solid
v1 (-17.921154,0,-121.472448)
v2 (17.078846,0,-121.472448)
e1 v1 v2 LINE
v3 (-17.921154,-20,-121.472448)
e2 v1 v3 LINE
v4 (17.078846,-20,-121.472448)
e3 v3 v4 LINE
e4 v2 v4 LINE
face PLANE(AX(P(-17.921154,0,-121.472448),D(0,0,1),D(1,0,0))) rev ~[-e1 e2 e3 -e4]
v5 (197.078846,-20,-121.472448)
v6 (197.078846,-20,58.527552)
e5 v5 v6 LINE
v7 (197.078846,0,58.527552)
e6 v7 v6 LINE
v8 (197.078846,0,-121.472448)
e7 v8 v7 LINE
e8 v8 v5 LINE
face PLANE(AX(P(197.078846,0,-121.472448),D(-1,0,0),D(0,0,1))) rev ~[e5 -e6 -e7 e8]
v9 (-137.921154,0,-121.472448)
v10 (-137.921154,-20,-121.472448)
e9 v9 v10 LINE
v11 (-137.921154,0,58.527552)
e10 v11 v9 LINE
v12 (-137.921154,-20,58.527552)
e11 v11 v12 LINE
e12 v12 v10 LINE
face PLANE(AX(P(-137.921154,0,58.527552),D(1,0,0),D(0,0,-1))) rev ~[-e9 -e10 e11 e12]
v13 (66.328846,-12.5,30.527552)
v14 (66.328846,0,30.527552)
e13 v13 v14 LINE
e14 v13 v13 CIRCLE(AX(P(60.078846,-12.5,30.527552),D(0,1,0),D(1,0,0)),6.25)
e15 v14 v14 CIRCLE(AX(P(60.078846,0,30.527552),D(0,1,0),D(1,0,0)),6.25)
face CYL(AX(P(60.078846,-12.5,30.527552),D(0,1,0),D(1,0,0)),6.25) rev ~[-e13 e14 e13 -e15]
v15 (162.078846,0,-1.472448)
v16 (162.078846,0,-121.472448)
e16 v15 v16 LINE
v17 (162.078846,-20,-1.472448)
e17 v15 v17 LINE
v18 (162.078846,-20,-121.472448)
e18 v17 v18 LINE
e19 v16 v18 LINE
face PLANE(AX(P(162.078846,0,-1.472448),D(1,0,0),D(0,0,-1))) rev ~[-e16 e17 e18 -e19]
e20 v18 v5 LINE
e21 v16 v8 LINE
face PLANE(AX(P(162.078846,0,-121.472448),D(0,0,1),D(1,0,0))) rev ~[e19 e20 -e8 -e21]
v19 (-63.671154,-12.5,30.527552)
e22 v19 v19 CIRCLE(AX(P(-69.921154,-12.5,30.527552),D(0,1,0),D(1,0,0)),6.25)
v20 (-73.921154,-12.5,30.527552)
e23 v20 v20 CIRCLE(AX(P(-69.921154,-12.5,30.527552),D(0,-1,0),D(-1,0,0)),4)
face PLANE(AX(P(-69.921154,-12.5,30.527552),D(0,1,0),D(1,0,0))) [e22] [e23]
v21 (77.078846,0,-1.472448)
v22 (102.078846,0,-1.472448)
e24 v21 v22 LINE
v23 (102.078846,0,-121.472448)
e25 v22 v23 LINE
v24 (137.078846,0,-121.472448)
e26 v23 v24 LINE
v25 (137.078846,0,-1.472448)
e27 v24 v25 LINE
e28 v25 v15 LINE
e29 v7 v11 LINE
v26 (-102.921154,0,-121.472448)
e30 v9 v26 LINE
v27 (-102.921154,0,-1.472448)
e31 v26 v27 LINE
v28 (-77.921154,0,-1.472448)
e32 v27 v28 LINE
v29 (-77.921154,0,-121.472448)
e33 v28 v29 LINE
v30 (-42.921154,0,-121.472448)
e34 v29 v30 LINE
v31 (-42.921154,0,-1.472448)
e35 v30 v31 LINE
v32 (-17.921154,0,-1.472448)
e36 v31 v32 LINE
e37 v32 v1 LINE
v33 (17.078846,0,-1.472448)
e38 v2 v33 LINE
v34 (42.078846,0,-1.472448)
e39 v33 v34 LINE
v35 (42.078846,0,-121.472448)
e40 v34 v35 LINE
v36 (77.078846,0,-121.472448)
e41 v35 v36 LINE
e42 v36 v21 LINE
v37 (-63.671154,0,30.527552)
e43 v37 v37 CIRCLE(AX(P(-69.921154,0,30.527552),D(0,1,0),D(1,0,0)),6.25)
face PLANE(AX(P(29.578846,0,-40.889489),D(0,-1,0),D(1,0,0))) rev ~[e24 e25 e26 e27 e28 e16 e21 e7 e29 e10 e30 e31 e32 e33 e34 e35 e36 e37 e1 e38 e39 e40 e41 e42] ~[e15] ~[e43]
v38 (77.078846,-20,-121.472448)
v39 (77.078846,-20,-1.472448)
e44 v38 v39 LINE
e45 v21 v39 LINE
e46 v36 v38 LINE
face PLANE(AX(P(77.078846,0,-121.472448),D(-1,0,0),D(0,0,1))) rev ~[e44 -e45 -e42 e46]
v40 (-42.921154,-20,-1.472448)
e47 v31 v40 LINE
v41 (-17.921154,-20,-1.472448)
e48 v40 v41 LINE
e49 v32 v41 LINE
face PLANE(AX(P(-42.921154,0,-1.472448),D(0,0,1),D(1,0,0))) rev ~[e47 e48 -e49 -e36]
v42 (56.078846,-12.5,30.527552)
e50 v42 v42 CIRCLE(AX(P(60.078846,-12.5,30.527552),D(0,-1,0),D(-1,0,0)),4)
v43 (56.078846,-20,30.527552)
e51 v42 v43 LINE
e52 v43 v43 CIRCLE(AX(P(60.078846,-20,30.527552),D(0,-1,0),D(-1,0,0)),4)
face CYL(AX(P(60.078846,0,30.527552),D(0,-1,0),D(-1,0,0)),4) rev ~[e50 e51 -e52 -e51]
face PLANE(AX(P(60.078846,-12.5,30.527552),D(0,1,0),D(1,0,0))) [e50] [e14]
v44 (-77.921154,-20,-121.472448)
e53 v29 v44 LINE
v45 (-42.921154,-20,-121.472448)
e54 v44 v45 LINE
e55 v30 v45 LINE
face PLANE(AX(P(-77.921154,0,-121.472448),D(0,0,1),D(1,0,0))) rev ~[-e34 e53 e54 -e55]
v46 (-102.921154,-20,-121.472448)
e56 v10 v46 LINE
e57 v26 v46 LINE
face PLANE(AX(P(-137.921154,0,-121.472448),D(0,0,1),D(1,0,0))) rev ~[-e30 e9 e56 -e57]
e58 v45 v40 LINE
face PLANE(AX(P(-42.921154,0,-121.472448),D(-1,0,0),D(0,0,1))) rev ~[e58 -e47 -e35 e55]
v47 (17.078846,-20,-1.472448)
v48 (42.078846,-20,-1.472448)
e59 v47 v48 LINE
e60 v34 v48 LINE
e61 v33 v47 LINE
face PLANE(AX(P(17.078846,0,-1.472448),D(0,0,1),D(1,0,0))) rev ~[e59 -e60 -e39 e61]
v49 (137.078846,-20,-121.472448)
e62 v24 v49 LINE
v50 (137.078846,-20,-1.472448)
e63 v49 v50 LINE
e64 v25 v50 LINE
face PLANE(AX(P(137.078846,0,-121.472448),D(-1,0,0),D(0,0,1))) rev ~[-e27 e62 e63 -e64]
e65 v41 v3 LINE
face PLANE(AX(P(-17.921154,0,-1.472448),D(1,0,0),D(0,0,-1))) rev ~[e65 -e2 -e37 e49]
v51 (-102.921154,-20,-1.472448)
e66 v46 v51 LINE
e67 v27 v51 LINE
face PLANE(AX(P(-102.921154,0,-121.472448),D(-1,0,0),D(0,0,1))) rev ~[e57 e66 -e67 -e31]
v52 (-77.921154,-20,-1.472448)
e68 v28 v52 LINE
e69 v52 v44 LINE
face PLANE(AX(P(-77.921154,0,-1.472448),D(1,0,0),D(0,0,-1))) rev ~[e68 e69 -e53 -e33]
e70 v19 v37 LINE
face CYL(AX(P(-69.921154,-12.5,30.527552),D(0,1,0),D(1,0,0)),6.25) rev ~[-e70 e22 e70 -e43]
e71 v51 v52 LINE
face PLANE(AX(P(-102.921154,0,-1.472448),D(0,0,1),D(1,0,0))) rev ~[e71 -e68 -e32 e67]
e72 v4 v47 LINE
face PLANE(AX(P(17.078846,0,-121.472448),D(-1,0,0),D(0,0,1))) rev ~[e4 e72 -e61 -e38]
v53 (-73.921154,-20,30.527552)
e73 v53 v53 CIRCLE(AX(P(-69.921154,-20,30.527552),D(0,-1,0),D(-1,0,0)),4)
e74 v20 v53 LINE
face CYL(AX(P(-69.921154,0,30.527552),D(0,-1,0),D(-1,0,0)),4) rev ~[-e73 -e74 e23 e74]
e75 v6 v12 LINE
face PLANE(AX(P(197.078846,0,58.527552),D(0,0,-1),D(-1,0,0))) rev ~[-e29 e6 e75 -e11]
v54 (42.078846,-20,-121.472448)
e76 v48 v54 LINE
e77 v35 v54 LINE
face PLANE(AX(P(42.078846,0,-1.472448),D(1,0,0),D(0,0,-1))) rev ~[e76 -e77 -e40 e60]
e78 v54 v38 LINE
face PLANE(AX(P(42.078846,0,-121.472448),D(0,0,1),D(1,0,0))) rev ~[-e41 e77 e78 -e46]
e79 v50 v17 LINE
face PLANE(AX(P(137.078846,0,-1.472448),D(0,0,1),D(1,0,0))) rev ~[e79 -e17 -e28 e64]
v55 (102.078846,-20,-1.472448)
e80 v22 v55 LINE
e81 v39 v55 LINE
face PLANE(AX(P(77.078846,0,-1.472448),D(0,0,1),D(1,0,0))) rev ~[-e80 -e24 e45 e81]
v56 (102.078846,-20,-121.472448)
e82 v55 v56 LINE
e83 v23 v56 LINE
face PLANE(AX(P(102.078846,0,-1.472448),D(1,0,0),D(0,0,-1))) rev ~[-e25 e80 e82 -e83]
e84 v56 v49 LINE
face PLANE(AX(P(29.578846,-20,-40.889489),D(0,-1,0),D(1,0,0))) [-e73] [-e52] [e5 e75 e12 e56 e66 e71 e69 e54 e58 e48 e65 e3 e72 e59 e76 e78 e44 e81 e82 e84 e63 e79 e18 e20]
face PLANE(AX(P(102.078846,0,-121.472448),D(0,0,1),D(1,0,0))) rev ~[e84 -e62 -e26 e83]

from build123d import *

# Parameters (mm, degrees)
F1_DEPTH       = 20
F2_D           = 8
F2_CBORE_D     = 12.5
F2_CBORE_DEPTH = 12.5
F3_D           = 8
F3_CBORE_D     = 12.5
F3_CBORE_DEPTH = 12.5


with BuildPart() as f1:
    # F0 (on Front) → F1 (new body)
    with BuildSketch(Plane.XZ):
        Polygon((197.0788455009, 58.5275515914), (-137.9211544991, 58.5275515914), (-137.9211544991, -121.4724484086), (-102.9211544991, -121.4724484086), (-102.9211544991, -1.4724484086), (-77.9211544991, -1.4724484086), (-77.9211544991, -121.4724484086), (-42.9211544991, -121.4724484086), (-42.9211544991, -1.4724484086), (-17.9211544991, -1.4724484086), (-17.9211544991, -121.4724484086), (17.0788455009, -121.4724484086), (17.0788455009, -1.4724484086), (42.0788455009, -1.4724484086), (42.0788455009, -121.4724484086), (77.0788455009, -121.4724484086), (77.0788455009, -1.4724484086), (102.0788455009, -1.4724484086), (102.0788455009, -121.4724484086), (137.0788455009, -121.4724484086), (137.0788455009, -1.4724484086), (162.0788455009, -1.4724484086), (162.0788455009, -121.4724484086), (197.0788455009, -121.4724484086), align=None)
    extrude(amount=F1_DEPTH)

    # F2 (through all)
    with Locations(Plane(origin=(0, 0, 0), x_dir=(1, 0, 0), z_dir=(0, 1, 0))):
        with Locations((-69.9211544991, -30.5275515914)):
            CounterBoreHole(F2_D / 2, F2_CBORE_D / 2, F2_CBORE_DEPTH)

    # F3 (through all)
    with Locations(Plane(origin=(0, 0, 0), x_dir=(1, 0, 0), z_dir=(0, 1, 0))):
        with Locations((60.0788455009, -30.5275515914)):
            CounterBoreHole(F3_D / 2, F3_CBORE_D / 2, F3_CBORE_DEPTH)


solid = f1.part
